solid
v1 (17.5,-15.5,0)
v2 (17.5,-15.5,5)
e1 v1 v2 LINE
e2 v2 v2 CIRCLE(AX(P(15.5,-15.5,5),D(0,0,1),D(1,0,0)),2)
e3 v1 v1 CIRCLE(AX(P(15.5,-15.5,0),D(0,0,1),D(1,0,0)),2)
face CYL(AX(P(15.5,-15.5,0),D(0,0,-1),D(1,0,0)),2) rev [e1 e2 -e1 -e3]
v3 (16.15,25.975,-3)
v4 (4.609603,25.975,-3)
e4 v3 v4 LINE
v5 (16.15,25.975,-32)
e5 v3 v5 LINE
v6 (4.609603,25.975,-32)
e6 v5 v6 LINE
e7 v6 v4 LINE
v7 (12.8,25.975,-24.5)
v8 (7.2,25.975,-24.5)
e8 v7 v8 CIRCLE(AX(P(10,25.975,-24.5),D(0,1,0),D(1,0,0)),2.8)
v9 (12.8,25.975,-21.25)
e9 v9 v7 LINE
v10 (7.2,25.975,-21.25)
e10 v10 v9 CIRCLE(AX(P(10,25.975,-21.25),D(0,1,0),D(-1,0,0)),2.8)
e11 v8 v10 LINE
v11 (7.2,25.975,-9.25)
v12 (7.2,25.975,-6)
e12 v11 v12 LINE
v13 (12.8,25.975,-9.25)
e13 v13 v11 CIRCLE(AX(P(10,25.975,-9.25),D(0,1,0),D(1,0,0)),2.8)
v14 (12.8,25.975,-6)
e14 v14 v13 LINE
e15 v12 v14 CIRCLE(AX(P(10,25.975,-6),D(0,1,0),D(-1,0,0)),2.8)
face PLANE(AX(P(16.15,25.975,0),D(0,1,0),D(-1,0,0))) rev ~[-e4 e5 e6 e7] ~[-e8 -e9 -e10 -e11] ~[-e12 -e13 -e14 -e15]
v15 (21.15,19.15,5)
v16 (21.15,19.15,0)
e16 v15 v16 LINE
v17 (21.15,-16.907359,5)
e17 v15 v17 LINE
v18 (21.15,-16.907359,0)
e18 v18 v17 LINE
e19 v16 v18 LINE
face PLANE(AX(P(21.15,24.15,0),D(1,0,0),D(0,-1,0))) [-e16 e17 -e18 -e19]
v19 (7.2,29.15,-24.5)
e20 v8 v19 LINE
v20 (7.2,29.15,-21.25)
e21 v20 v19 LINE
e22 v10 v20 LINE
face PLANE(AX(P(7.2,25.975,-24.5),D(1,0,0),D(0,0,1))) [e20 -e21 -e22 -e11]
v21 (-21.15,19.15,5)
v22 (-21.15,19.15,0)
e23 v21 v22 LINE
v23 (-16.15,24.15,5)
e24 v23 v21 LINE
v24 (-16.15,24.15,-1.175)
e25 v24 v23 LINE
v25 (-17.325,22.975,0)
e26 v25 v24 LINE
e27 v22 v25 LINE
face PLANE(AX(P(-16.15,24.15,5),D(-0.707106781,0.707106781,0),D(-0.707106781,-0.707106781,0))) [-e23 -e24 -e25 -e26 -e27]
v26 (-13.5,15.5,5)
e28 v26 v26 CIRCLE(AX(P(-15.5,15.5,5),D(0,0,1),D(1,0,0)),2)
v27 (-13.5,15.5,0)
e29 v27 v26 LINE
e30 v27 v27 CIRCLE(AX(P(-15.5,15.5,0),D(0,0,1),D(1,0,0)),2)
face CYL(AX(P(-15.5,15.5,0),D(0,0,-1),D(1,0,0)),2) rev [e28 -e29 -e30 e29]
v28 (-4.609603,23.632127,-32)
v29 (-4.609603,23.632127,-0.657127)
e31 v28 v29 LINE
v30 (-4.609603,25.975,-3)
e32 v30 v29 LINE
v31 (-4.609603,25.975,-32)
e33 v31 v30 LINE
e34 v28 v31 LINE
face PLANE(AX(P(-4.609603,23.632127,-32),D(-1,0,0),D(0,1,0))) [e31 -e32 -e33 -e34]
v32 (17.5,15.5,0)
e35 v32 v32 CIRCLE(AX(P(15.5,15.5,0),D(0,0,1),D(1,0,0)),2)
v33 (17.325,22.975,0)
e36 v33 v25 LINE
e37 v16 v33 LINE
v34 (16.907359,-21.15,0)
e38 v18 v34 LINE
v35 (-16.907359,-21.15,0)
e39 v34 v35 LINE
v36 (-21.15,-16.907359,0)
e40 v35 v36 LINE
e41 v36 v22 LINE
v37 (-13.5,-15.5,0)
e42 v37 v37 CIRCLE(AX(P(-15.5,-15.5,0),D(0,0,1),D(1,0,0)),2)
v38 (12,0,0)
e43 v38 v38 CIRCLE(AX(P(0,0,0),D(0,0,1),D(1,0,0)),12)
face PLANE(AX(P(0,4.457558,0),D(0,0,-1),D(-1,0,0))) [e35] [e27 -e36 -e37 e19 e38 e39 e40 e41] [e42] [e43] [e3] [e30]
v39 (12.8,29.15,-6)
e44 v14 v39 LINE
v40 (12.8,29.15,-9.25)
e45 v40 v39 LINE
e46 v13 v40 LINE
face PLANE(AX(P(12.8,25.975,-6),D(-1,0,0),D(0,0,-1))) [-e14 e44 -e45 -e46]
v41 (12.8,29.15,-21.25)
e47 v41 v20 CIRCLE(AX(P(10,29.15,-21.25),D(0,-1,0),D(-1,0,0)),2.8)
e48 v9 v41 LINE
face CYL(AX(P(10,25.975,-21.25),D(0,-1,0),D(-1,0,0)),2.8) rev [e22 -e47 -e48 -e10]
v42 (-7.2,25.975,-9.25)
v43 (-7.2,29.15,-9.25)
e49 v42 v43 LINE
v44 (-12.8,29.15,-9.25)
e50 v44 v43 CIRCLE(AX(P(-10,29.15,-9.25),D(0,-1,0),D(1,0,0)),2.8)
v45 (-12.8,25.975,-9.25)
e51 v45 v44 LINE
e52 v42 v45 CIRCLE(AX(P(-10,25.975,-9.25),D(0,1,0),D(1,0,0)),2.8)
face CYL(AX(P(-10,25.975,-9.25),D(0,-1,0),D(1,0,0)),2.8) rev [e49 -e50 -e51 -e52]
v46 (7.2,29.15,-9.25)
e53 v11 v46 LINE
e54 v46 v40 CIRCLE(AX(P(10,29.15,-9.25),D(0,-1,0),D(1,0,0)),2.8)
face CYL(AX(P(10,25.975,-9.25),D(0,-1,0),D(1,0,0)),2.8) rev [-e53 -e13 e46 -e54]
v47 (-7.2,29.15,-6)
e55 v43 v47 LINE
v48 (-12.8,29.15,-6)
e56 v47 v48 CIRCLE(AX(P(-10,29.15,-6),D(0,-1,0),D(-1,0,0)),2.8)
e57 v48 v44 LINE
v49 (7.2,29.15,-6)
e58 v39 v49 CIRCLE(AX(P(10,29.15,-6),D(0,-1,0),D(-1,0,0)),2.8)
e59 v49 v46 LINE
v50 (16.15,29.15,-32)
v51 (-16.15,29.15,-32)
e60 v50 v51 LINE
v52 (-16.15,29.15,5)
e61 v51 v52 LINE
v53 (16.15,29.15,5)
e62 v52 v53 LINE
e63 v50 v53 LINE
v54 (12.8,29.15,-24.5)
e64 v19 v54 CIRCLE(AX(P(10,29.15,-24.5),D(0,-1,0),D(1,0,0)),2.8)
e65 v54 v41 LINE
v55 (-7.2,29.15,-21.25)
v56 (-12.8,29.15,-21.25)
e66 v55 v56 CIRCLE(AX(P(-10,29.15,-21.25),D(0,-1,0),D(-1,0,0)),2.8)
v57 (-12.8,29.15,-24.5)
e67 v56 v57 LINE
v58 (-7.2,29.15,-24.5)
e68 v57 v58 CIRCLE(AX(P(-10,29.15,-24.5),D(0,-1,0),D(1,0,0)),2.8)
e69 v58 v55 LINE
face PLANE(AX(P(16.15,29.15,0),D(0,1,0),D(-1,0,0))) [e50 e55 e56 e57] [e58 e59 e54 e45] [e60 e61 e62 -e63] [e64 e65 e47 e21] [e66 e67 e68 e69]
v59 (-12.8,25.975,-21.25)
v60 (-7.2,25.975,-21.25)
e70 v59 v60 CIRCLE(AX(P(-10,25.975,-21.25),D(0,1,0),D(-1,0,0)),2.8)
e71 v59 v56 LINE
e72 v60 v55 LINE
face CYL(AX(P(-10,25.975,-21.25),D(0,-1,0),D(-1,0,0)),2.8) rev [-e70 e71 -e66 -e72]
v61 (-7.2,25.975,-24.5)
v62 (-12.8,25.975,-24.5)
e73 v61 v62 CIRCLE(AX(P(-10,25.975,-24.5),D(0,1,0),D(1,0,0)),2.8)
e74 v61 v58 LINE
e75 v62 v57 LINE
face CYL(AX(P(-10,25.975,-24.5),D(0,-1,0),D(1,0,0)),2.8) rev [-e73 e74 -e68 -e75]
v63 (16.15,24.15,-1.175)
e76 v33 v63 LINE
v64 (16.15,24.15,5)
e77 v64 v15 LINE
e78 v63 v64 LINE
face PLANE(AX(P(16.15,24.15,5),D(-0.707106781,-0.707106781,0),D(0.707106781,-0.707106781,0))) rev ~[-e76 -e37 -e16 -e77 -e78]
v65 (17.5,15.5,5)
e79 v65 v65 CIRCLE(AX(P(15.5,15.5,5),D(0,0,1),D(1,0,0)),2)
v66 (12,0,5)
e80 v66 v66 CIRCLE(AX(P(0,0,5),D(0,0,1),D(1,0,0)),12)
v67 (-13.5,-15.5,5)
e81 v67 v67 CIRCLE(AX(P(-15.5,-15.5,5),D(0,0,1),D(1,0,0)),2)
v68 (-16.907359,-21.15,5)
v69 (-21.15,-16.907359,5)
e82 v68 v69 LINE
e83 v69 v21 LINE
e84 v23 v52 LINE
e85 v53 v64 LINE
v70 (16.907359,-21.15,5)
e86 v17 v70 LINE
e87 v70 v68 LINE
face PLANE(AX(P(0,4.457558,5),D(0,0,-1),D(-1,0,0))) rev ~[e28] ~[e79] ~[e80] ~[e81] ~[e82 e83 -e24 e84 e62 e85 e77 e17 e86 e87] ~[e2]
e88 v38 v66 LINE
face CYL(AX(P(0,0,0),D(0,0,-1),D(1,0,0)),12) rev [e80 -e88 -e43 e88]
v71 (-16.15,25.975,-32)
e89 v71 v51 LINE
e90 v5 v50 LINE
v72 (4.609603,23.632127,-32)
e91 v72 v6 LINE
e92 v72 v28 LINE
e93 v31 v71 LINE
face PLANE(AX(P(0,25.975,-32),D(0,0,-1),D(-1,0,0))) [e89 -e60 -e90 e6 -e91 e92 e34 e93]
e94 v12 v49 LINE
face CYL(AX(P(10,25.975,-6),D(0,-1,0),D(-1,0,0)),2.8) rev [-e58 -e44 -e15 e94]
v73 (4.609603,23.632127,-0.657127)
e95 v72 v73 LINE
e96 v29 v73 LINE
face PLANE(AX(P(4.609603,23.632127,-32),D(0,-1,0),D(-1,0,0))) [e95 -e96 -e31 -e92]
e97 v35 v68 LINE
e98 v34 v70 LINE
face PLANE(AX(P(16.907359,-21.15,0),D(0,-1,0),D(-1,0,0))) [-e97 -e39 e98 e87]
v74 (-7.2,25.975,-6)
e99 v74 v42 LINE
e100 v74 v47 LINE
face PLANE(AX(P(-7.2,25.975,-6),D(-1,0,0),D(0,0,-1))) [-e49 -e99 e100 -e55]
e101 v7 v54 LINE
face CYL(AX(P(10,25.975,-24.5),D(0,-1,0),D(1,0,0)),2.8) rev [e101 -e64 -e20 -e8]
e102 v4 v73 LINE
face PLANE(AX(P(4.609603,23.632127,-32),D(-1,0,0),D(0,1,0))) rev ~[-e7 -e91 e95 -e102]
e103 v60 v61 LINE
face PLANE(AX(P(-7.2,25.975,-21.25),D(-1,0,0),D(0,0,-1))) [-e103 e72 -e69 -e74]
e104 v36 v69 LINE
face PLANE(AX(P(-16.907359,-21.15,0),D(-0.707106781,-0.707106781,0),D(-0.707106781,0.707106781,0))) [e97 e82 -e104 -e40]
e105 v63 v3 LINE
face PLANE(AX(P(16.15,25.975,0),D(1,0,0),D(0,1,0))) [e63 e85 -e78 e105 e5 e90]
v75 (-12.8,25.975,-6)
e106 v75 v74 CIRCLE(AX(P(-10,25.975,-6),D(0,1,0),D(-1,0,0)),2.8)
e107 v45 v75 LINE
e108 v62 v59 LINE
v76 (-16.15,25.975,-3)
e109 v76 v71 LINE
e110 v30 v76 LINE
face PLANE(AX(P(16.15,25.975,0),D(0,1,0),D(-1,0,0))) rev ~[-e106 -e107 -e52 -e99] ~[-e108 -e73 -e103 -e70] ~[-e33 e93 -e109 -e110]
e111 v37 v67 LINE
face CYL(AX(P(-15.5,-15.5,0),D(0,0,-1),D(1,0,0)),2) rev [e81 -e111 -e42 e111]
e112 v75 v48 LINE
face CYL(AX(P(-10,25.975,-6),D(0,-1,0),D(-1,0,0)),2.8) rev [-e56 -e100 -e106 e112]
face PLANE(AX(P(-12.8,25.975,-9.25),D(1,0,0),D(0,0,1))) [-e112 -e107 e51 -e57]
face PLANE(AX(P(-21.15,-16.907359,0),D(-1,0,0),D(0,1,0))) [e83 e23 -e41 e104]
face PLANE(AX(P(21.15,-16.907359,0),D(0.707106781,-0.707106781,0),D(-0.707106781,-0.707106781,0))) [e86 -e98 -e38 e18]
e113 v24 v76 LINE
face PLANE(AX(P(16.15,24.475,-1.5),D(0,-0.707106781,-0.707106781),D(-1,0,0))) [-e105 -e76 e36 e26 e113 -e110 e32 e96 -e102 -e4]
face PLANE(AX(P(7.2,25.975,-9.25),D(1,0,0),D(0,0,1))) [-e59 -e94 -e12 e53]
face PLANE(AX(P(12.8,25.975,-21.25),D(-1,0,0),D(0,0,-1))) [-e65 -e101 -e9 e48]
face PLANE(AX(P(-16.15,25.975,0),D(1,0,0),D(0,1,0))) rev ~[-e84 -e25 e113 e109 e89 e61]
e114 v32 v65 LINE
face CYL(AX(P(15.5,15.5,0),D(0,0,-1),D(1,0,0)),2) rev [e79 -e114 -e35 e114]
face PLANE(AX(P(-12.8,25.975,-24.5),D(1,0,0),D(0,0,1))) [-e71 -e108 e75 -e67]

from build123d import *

# Parameters (mm, degrees)
SKETCH1_R           = 2
SKETCH1_R_2         = 12
BOSS_EXTRUDE1_DEPTH = 5
SKETCH2_W           = 32.3
SKETCH2_H           = 3.175
BOSS_EXTRUDE2_DEPTH = 32
CHAMFER1_SIZE       = 3
CUT_EXTRUDE1_DEPTH  = 10
CUT_EXTRUDE2_DEPTH  = 10
BOSS_EXTRUDE3_REACH = 53.634
SKETCH5_W           = 9.21920545
SKETCH5_H           = 4.68574677


with BuildPart() as part:
    # Sketch1 → Boss-Extrude1 (new body)
    with BuildSketch(Plane.XY):
        Polygon((-21.15, -16.907359313), (-21.15, 24.149999999), (-16.15, 24.149999999), (-16.15, 29.149999999), (16.15, 29.149999999), (16.15, 24.149999999), (21.15, 24.149999999), (21.15, -16.907359313), (16.907359313, -21.15), (-16.907359313, -21.15), align=None)
        with Locations((-15.5, 15.5)):
            Circle(SKETCH1_R, mode=Mode.SUBTRACT)
        with Locations((-15.5, -15.5)):
            Circle(SKETCH1_R, mode=Mode.SUBTRACT)
        Circle(SKETCH1_R_2, mode=Mode.SUBTRACT)
        with Locations((15.5, -15.5)):
            Circle(SKETCH1_R, mode=Mode.SUBTRACT)
        with Locations((15.5, 15.5)):
            Circle(SKETCH1_R, mode=Mode.SUBTRACT)
    extrude(amount=BOSS_EXTRUDE1_DEPTH)

    # Sketch2 → Boss-Extrude2 (add)
    with BuildSketch(Plane(origin=(0, 0, 0), x_dir=(-1, 0, 0), z_dir=(0, 0, -1))):
        with Locations((0, 27.562499999)):
            Rectangle(SKETCH2_W, SKETCH2_H)
    extrude(amount=BOSS_EXTRUDE2_DEPTH)

    # Chamfer1
    chamfer1_edges = [part.edges().sort_by_distance(p)[0] for p in [
        (0, 25.974999999, 0),
    ]]
    chamfer(chamfer1_edges, length=CHAMFER1_SIZE)

    # Sketch3 → Cut-Extrude1 (cut)
    with BuildSketch(Plane.XZ.offset(-25.974999999)):
        with BuildLine():
            Line((7.2, -9.25), (7.2, -6))
            ThreePointArc((7.2, -6), (10, -3.2), (12.8, -6))
            Line((12.8, -6), (12.8, -9.25))
            ThreePointArc((12.8, -9.25), (10, -12.05), (7.2, -9.25))
        make_face()
        with BuildLine():
            Line((-12.799999999, -9.25), (-12.799999999, -6))
            ThreePointArc((-12.799999999, -6), (-9.999999999, -3.2), (-7.199999999, -6))
            Line((-7.199999999, -6), (-7.199999999, -9.25))
            ThreePointArc((-7.199999999, -9.25), (-9.999999999, -12.05), (-12.799999999, -9.25))
        make_face()
        with BuildLine():
            Line((12.8, -21.25), (12.8, -24.5))
            ThreePointArc((12.8, -24.5), (10, -27.3), (7.2, -24.5))
            Line((7.2, -24.5), (7.2, -21.25))
            ThreePointArc((7.2, -21.25), (10, -18.45), (12.8, -21.25))
        make_face()
        with BuildLine():
            Line((-7.199999999, -21.25), (-7.199999999, -24.5))
            ThreePointArc((-7.199999999, -24.5), (-9.999999999, -27.3), (-12.799999999, -24.5))
            Line((-12.799999999, -24.5), (-12.799999999, -21.25))
            ThreePointArc((-12.799999999, -21.25), (-9.999999999, -18.45), (-7.199999999, -21.25))
        make_face()
    extrude(amount=-CUT_EXTRUDE1_DEPTH, mode=Mode.SUBTRACT)

    # Sketch4 → Cut-Extrude2 (cut)
    with BuildSketch(Plane.XY.offset(5)):
        Polygon((16.15, 24.149999999), (21.15, 19.149999999), (21.15, 24.149999999), align=None)
        Polygon((-21.15, 24.149999999), (-16.15, 24.149999999), (-21.15, 19.149999999), align=None)
    extrude(amount=-CUT_EXTRUDE2_DEPTH, mode=Mode.SUBTRACT)

    # Boss-Extrude3: up to this plane
    boss_extrude3_end = Plane(origin=(-16.15, 25.974999999, -3), z_dir=(0, -0.7071067811865506, -0.7071067811865445))
    # Sketch5 → Boss-Extrude3 (add, up to the surface)
    with BuildSketch(Plane(origin=(0, 0, -32), x_dir=(-1, 0, 0), z_dir=(0, 0, -1)), mode=Mode.PRIVATE) as boss_extrude3_sk1:
        with Locations((0, 25.974999999)):
            Rectangle(SKETCH5_W, SKETCH5_H)
    boss_extrude3_tool1 = split(extrude(boss_extrude3_sk1.sketch, amount=-BOSS_EXTRUDE3_REACH, mode=Mode.PRIVATE), bisect_by=boss_extrude3_end, keep=Keep.BOTH, mode=Mode.PRIVATE)
    add(boss_extrude3_tool1.solids().sort_by_distance((0, 25.975, -32))[0])


solid = part.part
